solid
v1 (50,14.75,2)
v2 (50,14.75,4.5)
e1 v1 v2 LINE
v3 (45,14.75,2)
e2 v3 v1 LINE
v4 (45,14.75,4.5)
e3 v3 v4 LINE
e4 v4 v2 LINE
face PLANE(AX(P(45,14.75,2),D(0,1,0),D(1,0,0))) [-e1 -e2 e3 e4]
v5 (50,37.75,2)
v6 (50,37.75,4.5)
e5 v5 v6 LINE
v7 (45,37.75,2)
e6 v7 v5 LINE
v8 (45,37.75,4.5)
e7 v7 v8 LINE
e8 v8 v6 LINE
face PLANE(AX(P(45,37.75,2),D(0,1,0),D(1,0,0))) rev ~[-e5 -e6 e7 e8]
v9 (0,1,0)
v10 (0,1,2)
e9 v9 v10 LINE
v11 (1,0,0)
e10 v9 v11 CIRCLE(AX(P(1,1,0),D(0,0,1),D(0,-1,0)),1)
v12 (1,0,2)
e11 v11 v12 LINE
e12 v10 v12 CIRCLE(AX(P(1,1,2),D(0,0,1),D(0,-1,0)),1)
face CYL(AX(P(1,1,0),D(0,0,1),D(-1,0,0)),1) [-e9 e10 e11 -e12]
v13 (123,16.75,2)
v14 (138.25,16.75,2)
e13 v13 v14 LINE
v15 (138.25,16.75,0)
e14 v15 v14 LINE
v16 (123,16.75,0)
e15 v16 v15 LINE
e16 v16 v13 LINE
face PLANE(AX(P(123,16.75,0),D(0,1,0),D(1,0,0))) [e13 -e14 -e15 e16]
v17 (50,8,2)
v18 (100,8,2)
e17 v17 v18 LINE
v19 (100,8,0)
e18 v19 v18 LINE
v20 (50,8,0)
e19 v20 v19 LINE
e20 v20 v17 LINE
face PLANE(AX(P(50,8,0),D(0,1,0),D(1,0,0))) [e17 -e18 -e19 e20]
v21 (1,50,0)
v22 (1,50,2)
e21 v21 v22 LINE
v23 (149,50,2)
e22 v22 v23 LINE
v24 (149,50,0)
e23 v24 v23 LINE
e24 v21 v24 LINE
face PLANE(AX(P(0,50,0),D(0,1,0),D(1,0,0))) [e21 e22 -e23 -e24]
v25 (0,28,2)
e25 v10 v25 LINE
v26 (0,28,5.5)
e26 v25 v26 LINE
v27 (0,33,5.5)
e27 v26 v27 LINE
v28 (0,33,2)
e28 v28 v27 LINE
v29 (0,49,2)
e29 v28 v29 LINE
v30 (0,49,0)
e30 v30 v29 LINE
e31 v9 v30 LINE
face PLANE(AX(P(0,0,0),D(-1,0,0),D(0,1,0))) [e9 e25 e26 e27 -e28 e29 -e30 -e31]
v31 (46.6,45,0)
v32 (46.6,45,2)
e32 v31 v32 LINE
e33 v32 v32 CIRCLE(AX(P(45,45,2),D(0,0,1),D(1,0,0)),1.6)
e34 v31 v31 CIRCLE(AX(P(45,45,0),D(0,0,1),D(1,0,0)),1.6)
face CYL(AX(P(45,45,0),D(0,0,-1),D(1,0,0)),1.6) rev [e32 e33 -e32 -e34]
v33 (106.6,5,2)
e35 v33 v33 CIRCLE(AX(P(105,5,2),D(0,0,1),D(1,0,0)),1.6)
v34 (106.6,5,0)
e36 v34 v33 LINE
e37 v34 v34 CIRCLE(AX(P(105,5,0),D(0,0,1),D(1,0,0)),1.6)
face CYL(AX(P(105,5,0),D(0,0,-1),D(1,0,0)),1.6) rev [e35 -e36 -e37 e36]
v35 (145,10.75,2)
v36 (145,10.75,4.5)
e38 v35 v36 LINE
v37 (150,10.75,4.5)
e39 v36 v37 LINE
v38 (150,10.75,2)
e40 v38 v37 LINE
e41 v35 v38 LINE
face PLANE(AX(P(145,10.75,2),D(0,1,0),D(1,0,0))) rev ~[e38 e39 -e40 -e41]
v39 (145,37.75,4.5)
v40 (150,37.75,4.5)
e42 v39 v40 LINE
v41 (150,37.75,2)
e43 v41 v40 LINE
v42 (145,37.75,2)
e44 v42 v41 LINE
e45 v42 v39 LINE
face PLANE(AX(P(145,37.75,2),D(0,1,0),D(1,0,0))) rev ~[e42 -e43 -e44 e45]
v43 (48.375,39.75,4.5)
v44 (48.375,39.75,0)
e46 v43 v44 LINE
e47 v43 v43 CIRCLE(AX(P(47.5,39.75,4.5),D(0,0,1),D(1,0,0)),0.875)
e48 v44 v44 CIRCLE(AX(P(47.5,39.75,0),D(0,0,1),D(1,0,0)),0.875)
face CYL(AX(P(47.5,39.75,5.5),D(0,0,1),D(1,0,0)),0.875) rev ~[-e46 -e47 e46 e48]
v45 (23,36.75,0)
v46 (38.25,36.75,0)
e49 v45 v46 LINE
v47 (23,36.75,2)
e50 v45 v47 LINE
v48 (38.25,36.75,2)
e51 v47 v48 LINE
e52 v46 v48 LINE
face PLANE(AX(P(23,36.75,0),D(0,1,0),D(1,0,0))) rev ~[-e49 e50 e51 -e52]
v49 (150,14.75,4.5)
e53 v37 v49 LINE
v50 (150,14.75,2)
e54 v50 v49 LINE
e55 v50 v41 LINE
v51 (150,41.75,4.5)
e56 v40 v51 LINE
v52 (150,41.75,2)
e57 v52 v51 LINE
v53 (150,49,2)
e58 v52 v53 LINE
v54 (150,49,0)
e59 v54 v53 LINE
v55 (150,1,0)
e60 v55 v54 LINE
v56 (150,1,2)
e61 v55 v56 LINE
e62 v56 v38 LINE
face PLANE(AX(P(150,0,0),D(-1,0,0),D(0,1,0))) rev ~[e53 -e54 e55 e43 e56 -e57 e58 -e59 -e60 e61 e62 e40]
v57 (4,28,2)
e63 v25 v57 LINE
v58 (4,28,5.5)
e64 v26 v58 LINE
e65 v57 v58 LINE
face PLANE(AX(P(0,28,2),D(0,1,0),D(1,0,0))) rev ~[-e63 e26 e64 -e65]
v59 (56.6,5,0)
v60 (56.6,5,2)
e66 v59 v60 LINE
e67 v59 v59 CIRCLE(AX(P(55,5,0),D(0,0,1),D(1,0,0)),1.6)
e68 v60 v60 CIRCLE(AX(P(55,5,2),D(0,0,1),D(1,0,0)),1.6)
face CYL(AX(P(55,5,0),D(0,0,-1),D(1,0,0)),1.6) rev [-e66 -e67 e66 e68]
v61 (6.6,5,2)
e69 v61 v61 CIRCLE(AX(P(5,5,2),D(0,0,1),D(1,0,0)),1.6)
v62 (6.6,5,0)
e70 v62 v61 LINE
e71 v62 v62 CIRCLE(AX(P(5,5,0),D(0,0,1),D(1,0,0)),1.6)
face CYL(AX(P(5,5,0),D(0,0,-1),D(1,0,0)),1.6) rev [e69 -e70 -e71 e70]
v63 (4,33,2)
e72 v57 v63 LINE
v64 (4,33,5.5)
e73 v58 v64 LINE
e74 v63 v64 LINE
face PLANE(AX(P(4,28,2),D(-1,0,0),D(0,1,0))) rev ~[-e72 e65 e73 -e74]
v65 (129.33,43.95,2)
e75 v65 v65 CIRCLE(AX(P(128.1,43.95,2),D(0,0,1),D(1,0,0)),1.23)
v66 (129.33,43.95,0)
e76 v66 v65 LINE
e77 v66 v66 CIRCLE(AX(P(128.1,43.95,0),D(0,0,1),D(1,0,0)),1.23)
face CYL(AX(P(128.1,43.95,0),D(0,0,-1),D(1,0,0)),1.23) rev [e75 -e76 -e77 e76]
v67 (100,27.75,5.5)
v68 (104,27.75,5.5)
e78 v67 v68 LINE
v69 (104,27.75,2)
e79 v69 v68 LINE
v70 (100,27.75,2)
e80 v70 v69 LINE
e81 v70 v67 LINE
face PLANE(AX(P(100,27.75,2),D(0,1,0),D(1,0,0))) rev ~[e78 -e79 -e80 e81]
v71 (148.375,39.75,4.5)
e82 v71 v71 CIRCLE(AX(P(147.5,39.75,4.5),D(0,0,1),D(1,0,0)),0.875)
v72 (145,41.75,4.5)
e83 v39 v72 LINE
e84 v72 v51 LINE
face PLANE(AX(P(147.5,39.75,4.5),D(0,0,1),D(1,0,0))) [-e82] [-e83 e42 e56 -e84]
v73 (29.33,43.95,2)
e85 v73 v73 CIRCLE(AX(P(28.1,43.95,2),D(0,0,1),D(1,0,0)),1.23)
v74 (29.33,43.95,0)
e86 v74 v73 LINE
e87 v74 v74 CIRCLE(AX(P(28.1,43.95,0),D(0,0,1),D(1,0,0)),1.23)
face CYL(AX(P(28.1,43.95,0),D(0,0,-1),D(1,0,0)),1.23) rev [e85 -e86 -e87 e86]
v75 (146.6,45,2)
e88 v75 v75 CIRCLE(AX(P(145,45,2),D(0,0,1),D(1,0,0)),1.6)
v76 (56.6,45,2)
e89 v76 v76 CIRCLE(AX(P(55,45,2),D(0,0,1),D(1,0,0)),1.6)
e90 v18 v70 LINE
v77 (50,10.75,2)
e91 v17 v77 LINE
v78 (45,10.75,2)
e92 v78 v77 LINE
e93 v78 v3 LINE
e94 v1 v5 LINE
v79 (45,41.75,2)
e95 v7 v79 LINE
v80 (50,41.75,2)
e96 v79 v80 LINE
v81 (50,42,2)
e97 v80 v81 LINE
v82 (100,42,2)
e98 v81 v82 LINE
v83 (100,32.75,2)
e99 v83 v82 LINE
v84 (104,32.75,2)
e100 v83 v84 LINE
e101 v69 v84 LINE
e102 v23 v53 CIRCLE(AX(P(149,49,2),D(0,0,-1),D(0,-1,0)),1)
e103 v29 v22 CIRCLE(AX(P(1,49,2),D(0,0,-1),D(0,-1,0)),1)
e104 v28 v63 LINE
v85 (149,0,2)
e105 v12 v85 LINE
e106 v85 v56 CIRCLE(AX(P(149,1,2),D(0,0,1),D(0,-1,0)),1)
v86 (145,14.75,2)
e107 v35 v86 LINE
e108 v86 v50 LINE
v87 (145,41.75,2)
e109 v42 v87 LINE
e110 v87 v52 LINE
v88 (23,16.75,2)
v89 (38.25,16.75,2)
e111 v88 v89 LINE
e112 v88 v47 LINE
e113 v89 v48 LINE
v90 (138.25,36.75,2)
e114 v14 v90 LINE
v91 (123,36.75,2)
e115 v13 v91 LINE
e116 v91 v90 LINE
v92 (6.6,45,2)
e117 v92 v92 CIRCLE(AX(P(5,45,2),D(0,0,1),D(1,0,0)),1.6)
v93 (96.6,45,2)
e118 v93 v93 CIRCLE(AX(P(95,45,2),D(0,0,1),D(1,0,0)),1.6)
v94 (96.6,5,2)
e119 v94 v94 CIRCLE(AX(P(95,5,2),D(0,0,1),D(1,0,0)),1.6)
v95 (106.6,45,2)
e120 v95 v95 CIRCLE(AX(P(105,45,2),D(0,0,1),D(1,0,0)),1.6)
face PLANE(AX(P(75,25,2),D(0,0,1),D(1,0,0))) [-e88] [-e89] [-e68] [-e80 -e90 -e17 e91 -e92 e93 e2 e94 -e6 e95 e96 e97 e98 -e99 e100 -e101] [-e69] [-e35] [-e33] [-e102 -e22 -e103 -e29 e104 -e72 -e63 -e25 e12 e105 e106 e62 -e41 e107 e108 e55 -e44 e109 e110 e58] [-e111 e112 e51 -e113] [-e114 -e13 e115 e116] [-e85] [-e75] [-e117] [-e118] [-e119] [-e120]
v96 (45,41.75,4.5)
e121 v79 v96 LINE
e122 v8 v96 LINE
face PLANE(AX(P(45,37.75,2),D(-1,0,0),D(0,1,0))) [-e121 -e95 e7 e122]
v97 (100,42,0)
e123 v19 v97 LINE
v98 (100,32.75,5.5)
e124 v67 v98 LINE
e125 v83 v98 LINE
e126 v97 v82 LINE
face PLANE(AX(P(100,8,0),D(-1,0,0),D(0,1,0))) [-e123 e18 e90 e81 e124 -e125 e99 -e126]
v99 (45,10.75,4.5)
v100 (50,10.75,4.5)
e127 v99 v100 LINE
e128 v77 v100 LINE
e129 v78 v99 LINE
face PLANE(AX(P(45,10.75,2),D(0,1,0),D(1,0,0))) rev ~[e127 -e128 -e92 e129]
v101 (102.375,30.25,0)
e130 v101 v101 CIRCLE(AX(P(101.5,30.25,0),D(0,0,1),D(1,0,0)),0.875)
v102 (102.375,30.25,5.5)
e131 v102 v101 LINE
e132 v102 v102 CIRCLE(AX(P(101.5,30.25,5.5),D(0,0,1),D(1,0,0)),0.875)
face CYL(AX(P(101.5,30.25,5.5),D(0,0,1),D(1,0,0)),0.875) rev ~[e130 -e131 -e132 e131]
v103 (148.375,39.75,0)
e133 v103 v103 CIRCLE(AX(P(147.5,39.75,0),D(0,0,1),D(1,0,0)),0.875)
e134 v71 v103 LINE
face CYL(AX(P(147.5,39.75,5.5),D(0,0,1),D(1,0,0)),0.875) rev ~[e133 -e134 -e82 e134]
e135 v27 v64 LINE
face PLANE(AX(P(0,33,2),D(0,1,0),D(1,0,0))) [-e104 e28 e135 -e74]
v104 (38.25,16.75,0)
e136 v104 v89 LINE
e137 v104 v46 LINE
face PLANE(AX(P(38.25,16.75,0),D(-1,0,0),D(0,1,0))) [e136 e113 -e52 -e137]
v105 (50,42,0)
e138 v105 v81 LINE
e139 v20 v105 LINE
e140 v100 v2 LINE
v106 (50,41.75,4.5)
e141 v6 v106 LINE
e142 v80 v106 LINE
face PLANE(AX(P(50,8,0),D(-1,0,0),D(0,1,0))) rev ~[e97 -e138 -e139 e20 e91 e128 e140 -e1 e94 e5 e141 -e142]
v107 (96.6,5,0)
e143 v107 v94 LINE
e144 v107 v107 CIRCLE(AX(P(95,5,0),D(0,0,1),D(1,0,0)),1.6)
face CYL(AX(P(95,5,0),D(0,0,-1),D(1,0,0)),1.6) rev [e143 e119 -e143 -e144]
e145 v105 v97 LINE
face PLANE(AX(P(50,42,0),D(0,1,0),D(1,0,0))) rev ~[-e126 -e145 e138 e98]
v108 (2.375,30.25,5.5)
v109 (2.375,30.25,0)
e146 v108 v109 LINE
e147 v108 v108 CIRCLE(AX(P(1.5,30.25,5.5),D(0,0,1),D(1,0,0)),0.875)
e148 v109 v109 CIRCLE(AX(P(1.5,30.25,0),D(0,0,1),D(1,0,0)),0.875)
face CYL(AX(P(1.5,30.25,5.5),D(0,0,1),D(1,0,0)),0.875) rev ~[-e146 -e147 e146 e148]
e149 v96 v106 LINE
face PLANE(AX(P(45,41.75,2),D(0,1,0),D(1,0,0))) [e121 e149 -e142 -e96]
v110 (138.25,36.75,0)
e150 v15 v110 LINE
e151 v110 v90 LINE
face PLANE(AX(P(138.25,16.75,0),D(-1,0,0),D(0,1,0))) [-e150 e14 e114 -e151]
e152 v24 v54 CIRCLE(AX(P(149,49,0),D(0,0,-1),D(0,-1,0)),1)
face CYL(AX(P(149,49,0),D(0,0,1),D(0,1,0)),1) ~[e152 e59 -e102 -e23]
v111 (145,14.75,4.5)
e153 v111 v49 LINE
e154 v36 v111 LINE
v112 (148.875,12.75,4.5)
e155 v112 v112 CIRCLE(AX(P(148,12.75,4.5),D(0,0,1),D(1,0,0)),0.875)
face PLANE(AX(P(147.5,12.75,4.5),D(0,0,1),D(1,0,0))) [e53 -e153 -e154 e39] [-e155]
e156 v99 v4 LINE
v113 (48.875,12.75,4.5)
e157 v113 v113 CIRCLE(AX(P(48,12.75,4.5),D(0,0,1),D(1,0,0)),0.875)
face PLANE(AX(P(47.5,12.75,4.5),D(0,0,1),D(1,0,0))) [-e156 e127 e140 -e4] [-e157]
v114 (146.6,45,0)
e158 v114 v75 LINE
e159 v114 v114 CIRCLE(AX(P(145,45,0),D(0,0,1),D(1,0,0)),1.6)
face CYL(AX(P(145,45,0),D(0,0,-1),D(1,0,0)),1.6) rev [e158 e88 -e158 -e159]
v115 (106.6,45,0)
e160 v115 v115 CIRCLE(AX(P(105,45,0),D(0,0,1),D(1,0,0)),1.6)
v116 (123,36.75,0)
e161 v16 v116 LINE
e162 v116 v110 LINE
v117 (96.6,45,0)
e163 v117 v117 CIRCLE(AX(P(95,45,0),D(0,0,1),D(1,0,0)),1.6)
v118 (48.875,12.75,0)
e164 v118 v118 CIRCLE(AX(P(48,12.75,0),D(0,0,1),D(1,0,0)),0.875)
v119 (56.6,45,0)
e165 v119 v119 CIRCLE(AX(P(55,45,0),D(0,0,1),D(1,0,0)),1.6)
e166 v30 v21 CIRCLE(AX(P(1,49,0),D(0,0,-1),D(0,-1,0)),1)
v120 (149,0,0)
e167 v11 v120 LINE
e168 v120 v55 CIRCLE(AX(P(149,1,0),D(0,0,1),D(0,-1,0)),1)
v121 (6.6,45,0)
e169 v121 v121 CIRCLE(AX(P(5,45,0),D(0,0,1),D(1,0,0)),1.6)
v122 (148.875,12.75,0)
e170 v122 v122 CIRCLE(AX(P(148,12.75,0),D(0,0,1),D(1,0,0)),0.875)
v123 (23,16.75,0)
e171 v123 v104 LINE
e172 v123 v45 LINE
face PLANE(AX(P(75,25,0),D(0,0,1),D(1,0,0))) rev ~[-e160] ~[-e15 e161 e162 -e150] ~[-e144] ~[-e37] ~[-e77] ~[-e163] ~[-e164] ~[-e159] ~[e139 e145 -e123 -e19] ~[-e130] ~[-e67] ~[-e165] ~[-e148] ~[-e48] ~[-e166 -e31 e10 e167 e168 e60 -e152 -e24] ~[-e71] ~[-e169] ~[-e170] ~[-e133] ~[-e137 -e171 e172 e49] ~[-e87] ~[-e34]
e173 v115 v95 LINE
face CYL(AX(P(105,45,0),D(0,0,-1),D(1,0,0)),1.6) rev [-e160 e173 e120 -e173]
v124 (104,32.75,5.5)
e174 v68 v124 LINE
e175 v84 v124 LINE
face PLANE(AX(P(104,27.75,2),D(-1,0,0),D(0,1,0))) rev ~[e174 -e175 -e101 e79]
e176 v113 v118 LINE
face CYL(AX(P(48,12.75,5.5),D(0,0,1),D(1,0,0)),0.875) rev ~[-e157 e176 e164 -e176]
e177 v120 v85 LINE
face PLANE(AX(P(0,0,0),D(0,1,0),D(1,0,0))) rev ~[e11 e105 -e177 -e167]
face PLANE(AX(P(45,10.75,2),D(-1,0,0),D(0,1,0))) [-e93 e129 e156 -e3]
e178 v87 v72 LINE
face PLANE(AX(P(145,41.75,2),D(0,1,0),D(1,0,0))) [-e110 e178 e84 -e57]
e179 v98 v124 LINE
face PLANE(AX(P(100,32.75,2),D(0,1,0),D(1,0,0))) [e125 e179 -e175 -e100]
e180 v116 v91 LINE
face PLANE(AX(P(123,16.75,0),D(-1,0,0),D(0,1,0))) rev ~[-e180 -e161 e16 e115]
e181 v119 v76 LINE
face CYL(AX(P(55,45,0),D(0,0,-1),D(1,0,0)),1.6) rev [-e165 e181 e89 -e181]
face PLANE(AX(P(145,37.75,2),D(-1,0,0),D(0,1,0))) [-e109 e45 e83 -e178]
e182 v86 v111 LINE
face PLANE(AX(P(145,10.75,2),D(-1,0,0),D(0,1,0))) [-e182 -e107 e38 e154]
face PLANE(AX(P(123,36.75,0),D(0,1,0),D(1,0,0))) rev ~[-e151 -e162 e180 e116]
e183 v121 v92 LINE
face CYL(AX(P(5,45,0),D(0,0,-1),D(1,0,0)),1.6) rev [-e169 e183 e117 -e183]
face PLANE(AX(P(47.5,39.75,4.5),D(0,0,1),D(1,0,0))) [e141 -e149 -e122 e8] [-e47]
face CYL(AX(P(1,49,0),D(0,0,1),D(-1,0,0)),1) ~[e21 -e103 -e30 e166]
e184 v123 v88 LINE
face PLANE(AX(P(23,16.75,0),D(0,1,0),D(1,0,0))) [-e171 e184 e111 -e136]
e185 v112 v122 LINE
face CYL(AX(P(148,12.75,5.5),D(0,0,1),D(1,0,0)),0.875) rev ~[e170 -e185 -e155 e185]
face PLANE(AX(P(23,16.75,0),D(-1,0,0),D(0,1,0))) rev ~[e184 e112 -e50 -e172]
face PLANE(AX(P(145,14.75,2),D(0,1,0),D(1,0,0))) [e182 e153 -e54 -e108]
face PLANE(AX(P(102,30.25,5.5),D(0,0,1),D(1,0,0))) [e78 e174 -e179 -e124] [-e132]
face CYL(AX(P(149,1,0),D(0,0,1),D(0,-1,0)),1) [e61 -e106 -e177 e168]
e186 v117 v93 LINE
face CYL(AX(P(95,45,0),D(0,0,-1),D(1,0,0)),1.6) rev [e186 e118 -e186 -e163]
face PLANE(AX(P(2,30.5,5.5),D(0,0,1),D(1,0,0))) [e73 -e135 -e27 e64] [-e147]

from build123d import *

# Parameters (mm, degrees)
SKETCH_W        = 150
SKETCH_H        = 50
SKETCH_R        = 1.6
SKETCH_R_2      = 1.23
SKETCH_W_2      = 50
SKETCH_H_2      = 34
SKETCH_W_3      = 15.25
SKETCH_H_3      = 20
PAD_DEPTH       = 2
SKETCH001_W     = 5
SKETCH001_H     = 4
SKETCH001_W_2   = 4
SKETCH001_H_2   = 5
PAD001_DEPTH    = 3.5
SKETCH002_R     = 0.875
POCKET_DEPTH    = 5.5
SKETCH003_W     = 5
SKETCH003_H     = 4
POCKET001_DEPTH = 1
FILLET_R        = 1


with BuildPart() as part:
    # Sketch → Pad (new body)
    with BuildSketch(Plane.XY):
        with Locations((75, 25)):
            Rectangle(SKETCH_W, SKETCH_H)
        with Locations((5, 45)):
            Circle(SKETCH_R, mode=Mode.SUBTRACT)
        with Locations((5, 5)):
            Circle(SKETCH_R, mode=Mode.SUBTRACT)
        with Locations((45, 45)):
            Circle(SKETCH_R, mode=Mode.SUBTRACT)
        with Locations((55, 45)):
            Circle(SKETCH_R, mode=Mode.SUBTRACT)
        with Locations((55, 5)):
            Circle(SKETCH_R, mode=Mode.SUBTRACT)
        with Locations((95, 45)):
            Circle(SKETCH_R, mode=Mode.SUBTRACT)
        with Locations((105, 45)):
            Circle(SKETCH_R, mode=Mode.SUBTRACT)
        with Locations((95, 5)):
            Circle(SKETCH_R, mode=Mode.SUBTRACT)
        with Locations((105, 5)):
            Circle(SKETCH_R, mode=Mode.SUBTRACT)
        with Locations((145, 45)):
            Circle(SKETCH_R, mode=Mode.SUBTRACT)
        with Locations((128.1, 43.95)):
            Circle(SKETCH_R_2, mode=Mode.SUBTRACT)
        with Locations((28.1, 43.95)):
            Circle(SKETCH_R_2, mode=Mode.SUBTRACT)
        with Locations((75, 25)):
            Rectangle(SKETCH_W_2, SKETCH_H_2, mode=Mode.SUBTRACT)
        with Locations((30.625, 26.75)):
            Rectangle(SKETCH_W_3, SKETCH_H_3, mode=Mode.SUBTRACT)
        with Locations((130.625, 26.75)):
            Rectangle(SKETCH_W_3, SKETCH_H_3, mode=Mode.SUBTRACT)
    extrude(amount=PAD_DEPTH)

    # Sketch001 (on Face30 of Pad) → Pad001 (join)
    with BuildSketch(Plane.XY.offset(2)):
        with Locations((47.5, 39.75)):
            Rectangle(SKETCH001_W, SKETCH001_H)
        with Locations((47.5, 12.75)):
            Rectangle(SKETCH001_W, SKETCH001_H)
        with Locations((2, 30.5)):
            Rectangle(SKETCH001_W_2, SKETCH001_H_2)
        with Locations((147.5, 39.75)):
            Rectangle(SKETCH001_W, SKETCH001_H)
        with Locations((147.5, 12.75)):
            Rectangle(SKETCH001_W, SKETCH001_H)
        with Locations((102, 30.25)):
            Rectangle(SKETCH001_W_2, SKETCH001_H_2)
    extrude(amount=PAD001_DEPTH)

    # Sketch002 (on Face58 of Pad001) → Pocket (cut)
    with BuildSketch(Plane.XY.offset(5.5)):
        with Locations((47.5, 39.75)):
            Circle(SKETCH002_R)
        with Locations((48, 12.75)):
            Circle(SKETCH002_R)
        with Locations((101.5, 30.25)):
            Circle(SKETCH002_R)
        with Locations((1.5, 30.25)):
            Circle(SKETCH002_R)
        with Locations((147.5, 39.75)):
            Circle(SKETCH002_R)
        with Locations((148, 12.75)):
            Circle(SKETCH002_R)
    extrude(amount=-POCKET_DEPTH, mode=Mode.SUBTRACT)

    # Sketch003 (on Face62 of Pocket) → Pocket001 (cut)
    with BuildSketch(Plane.XY.offset(5.5)):
        with Locations((47.5, 39.75)):
            Rectangle(SKETCH003_W, SKETCH003_H)
        with Locations((47.5, 12.75)):
            Rectangle(SKETCH003_W, SKETCH003_H)
        with Locations((147.5, 12.75)):
            Rectangle(SKETCH003_W, SKETCH003_H)
        with Locations((147.5, 39.75)):
            Rectangle(SKETCH003_W, SKETCH003_H)
    extrude(amount=-POCKET001_DEPTH, mode=Mode.SUBTRACT)

    # Fillet
    fillet_edges = [part.edges().sort_by_distance(p)[0] for p in [
        (0, 0, 1),
        (0, 50, 1),
        (150, 0, 1),
        (150, 50, 1),
    ]]
    fillet(fillet_edges, radius=FILLET_R)


solid = part.part
